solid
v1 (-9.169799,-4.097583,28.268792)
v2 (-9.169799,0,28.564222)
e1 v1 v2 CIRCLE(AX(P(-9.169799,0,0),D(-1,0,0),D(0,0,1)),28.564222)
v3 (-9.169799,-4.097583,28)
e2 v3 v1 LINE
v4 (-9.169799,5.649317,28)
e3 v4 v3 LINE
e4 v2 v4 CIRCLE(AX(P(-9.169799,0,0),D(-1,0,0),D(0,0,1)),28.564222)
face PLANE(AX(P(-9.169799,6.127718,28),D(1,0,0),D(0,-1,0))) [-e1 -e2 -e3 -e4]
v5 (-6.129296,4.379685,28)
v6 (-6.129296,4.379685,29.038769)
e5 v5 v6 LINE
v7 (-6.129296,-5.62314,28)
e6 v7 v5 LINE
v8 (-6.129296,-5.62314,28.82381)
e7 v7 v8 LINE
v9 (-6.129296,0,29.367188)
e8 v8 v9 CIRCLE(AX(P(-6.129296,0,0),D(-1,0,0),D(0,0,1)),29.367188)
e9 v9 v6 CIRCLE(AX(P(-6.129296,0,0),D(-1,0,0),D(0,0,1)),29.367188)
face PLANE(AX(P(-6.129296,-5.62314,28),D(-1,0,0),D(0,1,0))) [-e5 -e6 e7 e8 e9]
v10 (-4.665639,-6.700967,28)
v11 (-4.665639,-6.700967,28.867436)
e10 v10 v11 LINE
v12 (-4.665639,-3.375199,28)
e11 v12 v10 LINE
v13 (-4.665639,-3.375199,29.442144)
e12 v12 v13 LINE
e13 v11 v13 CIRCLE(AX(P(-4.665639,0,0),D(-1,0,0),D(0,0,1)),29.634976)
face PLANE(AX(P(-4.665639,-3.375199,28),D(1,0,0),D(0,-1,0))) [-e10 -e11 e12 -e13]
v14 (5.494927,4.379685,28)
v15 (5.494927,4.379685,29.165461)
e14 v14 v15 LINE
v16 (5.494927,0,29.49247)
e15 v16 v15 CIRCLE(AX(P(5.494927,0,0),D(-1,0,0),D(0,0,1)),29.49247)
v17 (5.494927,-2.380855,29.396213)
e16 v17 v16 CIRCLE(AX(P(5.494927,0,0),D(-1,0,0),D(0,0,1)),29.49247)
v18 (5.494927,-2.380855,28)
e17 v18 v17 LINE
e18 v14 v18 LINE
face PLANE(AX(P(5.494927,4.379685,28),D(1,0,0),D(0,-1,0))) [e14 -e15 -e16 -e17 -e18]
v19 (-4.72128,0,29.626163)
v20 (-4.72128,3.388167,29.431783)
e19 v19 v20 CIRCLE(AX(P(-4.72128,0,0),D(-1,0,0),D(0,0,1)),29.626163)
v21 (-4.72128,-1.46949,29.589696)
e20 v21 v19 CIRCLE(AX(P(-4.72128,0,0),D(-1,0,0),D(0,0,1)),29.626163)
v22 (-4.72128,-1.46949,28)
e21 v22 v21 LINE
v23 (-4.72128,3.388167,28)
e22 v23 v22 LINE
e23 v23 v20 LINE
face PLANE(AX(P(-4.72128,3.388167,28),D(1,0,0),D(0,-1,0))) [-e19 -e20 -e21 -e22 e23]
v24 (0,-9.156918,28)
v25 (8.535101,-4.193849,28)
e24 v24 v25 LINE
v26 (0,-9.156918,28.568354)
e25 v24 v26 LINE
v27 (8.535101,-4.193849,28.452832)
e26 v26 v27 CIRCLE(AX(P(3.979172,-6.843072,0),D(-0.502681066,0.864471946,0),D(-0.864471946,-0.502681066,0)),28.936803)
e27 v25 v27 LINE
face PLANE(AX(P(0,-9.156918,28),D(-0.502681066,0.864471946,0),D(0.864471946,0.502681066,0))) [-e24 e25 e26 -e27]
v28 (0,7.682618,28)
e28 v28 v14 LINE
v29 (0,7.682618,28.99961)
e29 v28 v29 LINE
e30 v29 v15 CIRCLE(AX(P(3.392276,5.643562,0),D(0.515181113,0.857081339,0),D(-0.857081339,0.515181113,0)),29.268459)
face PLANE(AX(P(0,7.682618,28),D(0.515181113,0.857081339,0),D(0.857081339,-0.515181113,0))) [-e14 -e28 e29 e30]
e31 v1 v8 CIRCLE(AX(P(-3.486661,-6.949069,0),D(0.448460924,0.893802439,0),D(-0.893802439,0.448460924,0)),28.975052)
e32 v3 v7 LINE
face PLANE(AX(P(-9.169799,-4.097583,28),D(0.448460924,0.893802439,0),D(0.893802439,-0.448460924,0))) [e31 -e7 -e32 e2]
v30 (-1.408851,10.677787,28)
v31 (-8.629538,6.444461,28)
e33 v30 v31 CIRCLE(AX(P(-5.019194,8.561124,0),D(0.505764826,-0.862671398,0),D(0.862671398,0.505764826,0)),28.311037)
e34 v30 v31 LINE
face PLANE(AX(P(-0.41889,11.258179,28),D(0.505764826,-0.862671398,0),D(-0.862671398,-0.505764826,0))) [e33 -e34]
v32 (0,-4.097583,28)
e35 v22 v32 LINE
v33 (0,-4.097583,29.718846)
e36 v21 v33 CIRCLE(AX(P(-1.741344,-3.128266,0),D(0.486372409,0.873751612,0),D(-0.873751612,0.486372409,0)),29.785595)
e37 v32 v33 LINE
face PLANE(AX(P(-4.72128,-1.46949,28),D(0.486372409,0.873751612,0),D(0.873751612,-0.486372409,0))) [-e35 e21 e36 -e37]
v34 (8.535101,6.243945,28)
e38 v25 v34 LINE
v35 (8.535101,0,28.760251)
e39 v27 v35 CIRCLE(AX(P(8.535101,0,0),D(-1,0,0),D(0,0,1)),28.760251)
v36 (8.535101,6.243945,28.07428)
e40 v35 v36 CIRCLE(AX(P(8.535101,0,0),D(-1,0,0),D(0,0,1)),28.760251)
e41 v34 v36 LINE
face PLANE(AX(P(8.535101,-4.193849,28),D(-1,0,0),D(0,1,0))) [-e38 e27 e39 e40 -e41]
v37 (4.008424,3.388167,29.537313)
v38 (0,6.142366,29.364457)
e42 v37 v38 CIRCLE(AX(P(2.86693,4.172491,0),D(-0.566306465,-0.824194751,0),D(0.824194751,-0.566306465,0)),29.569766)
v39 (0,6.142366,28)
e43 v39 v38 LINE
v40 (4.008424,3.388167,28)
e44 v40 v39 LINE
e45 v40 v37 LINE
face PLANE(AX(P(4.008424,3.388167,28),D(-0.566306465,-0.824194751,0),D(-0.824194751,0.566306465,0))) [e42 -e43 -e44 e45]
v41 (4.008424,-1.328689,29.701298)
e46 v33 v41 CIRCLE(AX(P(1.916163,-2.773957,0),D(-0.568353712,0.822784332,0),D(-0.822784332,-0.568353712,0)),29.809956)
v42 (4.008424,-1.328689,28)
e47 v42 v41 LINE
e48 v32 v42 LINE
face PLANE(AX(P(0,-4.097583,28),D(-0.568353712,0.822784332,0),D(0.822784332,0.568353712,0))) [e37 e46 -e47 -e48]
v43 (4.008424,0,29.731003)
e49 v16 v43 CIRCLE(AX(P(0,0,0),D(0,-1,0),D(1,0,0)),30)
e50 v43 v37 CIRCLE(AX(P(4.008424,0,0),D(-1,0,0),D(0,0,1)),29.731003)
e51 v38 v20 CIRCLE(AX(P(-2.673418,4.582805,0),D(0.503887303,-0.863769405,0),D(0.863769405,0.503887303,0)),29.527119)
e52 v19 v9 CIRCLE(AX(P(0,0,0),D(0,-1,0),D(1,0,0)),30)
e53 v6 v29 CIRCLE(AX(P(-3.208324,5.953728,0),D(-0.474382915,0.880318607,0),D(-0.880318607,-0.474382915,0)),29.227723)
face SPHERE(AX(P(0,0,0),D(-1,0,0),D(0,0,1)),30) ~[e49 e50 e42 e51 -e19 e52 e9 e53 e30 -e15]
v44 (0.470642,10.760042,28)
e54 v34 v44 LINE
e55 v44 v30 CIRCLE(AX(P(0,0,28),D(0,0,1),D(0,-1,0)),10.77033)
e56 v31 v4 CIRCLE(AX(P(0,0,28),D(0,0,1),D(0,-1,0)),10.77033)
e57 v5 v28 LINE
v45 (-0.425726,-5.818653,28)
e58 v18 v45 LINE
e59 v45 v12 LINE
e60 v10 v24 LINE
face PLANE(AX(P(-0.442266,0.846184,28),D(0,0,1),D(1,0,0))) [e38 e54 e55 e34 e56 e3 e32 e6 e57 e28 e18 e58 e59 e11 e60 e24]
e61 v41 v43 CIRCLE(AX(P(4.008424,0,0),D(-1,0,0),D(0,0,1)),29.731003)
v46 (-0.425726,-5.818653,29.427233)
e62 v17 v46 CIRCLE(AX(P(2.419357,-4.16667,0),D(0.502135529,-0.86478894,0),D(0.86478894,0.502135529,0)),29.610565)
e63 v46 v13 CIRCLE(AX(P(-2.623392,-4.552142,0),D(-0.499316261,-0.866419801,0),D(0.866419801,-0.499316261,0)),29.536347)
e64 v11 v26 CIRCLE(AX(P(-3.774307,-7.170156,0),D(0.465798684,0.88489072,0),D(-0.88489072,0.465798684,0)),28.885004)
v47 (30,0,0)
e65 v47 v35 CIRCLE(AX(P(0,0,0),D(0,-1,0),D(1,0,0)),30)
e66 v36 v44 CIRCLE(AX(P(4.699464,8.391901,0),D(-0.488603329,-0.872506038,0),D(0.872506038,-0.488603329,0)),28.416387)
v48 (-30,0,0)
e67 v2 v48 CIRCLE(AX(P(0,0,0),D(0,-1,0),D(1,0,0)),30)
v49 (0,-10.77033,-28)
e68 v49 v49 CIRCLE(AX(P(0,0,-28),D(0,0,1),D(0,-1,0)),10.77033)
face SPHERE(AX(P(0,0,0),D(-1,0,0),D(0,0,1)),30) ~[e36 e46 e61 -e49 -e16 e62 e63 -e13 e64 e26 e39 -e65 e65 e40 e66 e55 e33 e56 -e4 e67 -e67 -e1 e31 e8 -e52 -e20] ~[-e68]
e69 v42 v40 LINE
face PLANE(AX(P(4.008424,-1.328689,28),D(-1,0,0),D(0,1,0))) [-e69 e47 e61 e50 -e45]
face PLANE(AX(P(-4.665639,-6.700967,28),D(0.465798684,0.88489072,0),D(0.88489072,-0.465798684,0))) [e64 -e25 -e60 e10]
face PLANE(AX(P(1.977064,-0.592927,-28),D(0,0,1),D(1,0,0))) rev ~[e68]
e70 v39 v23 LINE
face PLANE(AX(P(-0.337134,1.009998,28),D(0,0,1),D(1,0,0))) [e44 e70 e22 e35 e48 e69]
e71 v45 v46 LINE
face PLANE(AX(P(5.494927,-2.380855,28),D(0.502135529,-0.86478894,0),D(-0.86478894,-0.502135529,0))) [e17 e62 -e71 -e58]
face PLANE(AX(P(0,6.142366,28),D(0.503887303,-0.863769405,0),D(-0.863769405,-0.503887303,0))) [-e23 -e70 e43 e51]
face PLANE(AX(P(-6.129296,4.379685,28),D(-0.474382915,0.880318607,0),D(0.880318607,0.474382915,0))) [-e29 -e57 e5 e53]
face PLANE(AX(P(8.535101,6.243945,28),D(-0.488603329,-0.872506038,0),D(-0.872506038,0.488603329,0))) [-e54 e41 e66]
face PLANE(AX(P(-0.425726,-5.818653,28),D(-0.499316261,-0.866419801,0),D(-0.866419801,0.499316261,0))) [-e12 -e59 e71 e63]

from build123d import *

# Parameters (mm, degrees)
F4_START = 28
F4_DEPTH = 22
F6_START = -28
F5_W     = 60
F5_H     = 60
F6_DEPTH = 72


with BuildPart() as f2:
    # F1 (on Front) → F2 (revolve)
    with BuildSketch(Plane.XZ):
        with BuildLine():
            Line((-30, 0), (30, 0))
            ThreePointArc((30, 0), (0, 30), (-30, 0))
        make_face()
    revolve(axis=Axis((0, 0, 0), (1, 0, 0)))

    # F3 (on Top) → F4 (cut)
    with BuildSketch(Plane.XY.offset(F4_START)):
        Polygon((-9.1697992757, 6.1277179047), (-9.1697992757, -4.0975827724), (-6.1292964965, -5.6231399067), (-6.1292964965, 4.3796850368), (0, 7.6826182194), (5.4949265905, 4.3796850368), (5.4949265905, -2.3808549158), (-0.4257261462, -5.8186533861), (-4.6656387858, -3.3751989249), (-4.6656387858, -6.7009669729), (0, -9.1569181532), (8.5351010785, -4.193849396), (8.5351010785, 6.2439450994), (-0.4188895691, 11.2581793219), align=None)
        Polygon((-4.7212797217, 3.3881671261), (-4.7212797217, -1.4694901183), (0, -4.0975827724), (4.0084240027, -1.328688697), (4.0084240027, 3.3881671261), (0, 6.1423662119), align=None)
    extrude(amount=F4_DEPTH, mode=Mode.SUBTRACT)

    # F5 (on Top) → F6 (cut)
    with BuildSketch(Plane.XY.offset(F6_START)):
        with Locations((1.9770637155, -0.5929265171)):
            Rectangle(F5_W, F5_H)
    extrude(amount=-F6_DEPTH, mode=Mode.SUBTRACT)


solid = f2.part
